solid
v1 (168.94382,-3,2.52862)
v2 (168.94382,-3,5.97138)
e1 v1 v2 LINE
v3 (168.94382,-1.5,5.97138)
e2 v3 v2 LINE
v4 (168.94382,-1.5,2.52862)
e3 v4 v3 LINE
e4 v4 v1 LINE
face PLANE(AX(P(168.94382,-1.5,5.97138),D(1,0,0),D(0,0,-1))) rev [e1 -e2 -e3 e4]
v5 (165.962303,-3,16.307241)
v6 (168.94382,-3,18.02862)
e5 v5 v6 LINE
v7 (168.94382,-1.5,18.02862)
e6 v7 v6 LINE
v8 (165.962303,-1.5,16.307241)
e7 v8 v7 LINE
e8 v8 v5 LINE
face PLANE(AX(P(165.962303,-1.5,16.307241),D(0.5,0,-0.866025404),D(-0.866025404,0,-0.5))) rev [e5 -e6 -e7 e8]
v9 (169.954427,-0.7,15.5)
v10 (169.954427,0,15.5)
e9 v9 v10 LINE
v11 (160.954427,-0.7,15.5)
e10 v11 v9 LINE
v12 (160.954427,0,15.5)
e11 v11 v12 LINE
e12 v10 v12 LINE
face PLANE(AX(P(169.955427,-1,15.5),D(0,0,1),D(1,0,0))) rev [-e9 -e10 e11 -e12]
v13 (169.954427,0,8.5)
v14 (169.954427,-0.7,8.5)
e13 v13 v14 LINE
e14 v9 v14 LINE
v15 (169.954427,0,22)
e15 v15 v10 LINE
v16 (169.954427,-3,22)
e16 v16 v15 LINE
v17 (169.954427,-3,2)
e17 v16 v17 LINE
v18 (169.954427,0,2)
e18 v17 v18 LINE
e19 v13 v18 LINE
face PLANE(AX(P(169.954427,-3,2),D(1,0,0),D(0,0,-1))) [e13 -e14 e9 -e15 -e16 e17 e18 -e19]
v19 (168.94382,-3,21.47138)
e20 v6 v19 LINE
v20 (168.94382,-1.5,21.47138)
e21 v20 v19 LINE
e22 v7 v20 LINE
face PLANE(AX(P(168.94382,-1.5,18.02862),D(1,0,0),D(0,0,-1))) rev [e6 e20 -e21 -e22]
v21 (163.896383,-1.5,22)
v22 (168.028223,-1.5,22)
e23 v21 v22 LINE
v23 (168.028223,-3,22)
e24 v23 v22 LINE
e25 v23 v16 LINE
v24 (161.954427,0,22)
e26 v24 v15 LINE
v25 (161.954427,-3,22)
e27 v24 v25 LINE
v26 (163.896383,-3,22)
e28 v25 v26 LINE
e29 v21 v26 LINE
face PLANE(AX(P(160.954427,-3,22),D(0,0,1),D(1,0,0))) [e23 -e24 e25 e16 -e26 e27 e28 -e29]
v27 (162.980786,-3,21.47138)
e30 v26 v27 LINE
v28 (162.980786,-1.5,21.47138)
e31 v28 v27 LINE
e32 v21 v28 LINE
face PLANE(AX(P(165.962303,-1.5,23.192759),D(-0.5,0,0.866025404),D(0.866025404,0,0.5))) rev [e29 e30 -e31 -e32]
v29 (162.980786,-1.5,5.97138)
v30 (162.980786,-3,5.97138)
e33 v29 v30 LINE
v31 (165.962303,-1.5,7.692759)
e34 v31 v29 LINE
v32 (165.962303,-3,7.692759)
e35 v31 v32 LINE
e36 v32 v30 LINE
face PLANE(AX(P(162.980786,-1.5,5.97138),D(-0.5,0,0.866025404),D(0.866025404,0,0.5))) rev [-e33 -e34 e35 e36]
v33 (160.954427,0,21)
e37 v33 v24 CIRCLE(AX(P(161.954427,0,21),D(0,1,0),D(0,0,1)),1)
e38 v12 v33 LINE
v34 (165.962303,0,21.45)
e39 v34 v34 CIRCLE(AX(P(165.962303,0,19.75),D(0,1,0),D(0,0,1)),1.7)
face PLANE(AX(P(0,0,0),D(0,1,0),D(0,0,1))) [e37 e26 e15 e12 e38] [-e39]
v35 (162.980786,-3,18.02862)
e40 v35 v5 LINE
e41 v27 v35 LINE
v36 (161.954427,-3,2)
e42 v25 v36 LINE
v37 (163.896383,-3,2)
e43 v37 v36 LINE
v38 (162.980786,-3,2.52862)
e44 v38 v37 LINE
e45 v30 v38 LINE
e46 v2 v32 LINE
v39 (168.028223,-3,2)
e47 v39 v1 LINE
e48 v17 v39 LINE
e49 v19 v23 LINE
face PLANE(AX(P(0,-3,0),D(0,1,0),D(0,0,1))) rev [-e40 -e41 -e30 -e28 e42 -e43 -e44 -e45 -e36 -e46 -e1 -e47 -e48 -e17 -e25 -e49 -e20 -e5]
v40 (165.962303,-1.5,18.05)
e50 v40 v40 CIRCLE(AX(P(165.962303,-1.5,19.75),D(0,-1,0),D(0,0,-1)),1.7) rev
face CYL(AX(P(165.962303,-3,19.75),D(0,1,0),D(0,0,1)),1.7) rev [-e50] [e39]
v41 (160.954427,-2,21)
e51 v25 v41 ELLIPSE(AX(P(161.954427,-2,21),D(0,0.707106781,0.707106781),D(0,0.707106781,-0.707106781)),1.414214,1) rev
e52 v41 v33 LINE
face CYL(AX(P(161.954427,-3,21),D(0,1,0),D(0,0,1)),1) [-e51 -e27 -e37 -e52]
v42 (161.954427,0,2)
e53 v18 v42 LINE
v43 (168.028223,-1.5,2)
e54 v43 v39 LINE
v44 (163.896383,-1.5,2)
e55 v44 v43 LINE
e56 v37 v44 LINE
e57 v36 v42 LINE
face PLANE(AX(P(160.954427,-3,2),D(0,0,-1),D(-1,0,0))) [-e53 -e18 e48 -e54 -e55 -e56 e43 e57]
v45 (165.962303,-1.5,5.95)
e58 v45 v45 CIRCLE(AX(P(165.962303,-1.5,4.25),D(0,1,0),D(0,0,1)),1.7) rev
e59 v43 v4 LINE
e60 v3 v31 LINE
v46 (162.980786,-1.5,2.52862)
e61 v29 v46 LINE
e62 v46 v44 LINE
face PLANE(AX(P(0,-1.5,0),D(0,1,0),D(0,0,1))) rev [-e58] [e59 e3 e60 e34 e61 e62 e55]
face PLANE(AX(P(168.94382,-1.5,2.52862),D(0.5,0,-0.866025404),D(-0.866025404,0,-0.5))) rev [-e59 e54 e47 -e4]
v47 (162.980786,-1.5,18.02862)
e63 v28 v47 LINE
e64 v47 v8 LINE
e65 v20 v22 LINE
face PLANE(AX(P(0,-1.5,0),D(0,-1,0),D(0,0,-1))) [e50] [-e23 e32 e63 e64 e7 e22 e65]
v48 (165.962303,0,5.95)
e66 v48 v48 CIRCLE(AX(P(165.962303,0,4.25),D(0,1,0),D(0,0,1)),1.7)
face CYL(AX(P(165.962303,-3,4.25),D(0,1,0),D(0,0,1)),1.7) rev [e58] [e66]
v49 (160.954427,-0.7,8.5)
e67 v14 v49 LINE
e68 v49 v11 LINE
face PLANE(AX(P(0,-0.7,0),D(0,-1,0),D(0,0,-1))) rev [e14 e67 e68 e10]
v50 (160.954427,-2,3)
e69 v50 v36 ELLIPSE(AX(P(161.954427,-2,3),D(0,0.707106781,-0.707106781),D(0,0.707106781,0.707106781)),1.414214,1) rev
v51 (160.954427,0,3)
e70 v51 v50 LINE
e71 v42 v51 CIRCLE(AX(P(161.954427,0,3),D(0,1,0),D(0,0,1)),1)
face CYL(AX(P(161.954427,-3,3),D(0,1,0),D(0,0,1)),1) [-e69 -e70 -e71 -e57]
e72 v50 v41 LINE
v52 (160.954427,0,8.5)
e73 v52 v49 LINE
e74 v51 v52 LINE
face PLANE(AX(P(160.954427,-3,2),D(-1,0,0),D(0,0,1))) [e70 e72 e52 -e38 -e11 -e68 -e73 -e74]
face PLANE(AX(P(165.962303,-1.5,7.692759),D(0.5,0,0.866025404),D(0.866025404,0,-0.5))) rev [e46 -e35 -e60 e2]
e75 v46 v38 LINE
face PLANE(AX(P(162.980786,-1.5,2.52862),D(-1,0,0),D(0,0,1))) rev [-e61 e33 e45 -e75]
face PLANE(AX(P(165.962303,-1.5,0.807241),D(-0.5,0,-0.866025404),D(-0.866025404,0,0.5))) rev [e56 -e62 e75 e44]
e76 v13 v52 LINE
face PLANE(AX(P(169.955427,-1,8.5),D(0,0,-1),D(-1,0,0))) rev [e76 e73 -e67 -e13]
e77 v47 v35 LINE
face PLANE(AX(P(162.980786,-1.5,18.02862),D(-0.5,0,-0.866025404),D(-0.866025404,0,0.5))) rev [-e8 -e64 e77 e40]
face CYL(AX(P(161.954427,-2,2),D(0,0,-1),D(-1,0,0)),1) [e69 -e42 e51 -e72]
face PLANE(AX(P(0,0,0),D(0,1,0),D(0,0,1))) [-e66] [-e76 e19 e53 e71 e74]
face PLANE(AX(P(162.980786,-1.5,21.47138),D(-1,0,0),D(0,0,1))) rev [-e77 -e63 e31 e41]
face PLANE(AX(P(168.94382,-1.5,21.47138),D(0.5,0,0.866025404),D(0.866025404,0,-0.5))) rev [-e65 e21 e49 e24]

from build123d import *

# Parameters (mm, degrees)
CROQUIS1_W              = 9
CROQUIS1_H              = 20
CROQUIS1_R              = 1.7
SALIENTE_EXTRUIR1_DEPTH = 3
CORTAR_EXTRUIR2_DEPTH   = 1.5
CORTAR_EXTRUIR3_REACH   = 11
CROQUIS3_W              = 7
CROQUIS3_H              = 1
REDONDEO1_R             = 1
CROQUIS4_W              = 9
CROQUIS4_H              = 7
SALIENTE_EXTRUIR2_DEPTH = 0.3


with BuildPart() as part:
    # Croquis1 → Saliente-Extruir1 (new body)
    with BuildSketch(Plane(origin=(0, 0, 0), x_dir=(1, 0, 0), z_dir=(0, 1, 0))):
        with Locations((165.454426616, -12)):
            Rectangle(CROQUIS1_W, CROQUIS1_H)
        with Locations((165.962302832, -4.25)):
            Circle(CROQUIS1_R, mode=Mode.SUBTRACT)
        with Locations((165.962302832, -19.75)):
            Circle(CROQUIS1_R, mode=Mode.SUBTRACT)
    extrude(amount=-SALIENTE_EXTRUIR1_DEPTH)

    # Croquis2 → Cortar-Extruir2 (cut)
    with BuildSketch(Plane.XZ.offset(3)):
        Polygon((168.943819954, 21.471379713), (165.962302832, 23.192759426), (162.98078571, 21.471379713), (162.98078571, 18.028620287), (165.962302832, 16.307240574), (168.943819954, 18.028620287), align=None)
        Polygon((168.943819954, 5.971379713), (168.943819954, 2.528620287), (165.962302832, 0.807240574), (162.98078571, 2.528620287), (162.98078571, 5.971379713), (165.962302832, 7.692759426), align=None)
    extrude(amount=-CORTAR_EXTRUIR2_DEPTH, mode=Mode.SUBTRACT)

    # Croquis3 → Cortar-Extruir3 (cut, up to next)
    with BuildSketch(Plane.ZY.offset(-160.954426616), mode=Mode.PRIVATE) as cortar_extruir3_sk1:
        with Locations((12, -0.5)):
            Rectangle(CROQUIS3_W, CROQUIS3_H)
    cortar_extruir3_tool1 = extrude(cortar_extruir3_sk1.sketch, amount=-CORTAR_EXTRUIR3_REACH, mode=Mode.PRIVATE) & part.part
    add(cortar_extruir3_tool1.solids().sort_by_distance((160.954427, -0.5, 12))[0], mode=Mode.SUBTRACT)

    # Redondeo1
    redondeo1_edges = [part.edges().sort_by_distance(p)[0] for p in [
        (160.954426616, -3, 12),
        (160.954426616, -1.5, 2),
        (160.954426616, -1.5, 22),
    ]]
    fillet(redondeo1_edges, radius=REDONDEO1_R)

    # Croquis4 → Saliente-Extruir2 (add)
    with BuildSketch(Plane(origin=(0, -1, 0), x_dir=(1, 0, 0), z_dir=(0, 1, 0))):
        with Locations((165.454426616, -12)):
            Rectangle(CROQUIS4_W, CROQUIS4_H)
    extrude(amount=SALIENTE_EXTRUIR2_DEPTH)


solid = part.part
